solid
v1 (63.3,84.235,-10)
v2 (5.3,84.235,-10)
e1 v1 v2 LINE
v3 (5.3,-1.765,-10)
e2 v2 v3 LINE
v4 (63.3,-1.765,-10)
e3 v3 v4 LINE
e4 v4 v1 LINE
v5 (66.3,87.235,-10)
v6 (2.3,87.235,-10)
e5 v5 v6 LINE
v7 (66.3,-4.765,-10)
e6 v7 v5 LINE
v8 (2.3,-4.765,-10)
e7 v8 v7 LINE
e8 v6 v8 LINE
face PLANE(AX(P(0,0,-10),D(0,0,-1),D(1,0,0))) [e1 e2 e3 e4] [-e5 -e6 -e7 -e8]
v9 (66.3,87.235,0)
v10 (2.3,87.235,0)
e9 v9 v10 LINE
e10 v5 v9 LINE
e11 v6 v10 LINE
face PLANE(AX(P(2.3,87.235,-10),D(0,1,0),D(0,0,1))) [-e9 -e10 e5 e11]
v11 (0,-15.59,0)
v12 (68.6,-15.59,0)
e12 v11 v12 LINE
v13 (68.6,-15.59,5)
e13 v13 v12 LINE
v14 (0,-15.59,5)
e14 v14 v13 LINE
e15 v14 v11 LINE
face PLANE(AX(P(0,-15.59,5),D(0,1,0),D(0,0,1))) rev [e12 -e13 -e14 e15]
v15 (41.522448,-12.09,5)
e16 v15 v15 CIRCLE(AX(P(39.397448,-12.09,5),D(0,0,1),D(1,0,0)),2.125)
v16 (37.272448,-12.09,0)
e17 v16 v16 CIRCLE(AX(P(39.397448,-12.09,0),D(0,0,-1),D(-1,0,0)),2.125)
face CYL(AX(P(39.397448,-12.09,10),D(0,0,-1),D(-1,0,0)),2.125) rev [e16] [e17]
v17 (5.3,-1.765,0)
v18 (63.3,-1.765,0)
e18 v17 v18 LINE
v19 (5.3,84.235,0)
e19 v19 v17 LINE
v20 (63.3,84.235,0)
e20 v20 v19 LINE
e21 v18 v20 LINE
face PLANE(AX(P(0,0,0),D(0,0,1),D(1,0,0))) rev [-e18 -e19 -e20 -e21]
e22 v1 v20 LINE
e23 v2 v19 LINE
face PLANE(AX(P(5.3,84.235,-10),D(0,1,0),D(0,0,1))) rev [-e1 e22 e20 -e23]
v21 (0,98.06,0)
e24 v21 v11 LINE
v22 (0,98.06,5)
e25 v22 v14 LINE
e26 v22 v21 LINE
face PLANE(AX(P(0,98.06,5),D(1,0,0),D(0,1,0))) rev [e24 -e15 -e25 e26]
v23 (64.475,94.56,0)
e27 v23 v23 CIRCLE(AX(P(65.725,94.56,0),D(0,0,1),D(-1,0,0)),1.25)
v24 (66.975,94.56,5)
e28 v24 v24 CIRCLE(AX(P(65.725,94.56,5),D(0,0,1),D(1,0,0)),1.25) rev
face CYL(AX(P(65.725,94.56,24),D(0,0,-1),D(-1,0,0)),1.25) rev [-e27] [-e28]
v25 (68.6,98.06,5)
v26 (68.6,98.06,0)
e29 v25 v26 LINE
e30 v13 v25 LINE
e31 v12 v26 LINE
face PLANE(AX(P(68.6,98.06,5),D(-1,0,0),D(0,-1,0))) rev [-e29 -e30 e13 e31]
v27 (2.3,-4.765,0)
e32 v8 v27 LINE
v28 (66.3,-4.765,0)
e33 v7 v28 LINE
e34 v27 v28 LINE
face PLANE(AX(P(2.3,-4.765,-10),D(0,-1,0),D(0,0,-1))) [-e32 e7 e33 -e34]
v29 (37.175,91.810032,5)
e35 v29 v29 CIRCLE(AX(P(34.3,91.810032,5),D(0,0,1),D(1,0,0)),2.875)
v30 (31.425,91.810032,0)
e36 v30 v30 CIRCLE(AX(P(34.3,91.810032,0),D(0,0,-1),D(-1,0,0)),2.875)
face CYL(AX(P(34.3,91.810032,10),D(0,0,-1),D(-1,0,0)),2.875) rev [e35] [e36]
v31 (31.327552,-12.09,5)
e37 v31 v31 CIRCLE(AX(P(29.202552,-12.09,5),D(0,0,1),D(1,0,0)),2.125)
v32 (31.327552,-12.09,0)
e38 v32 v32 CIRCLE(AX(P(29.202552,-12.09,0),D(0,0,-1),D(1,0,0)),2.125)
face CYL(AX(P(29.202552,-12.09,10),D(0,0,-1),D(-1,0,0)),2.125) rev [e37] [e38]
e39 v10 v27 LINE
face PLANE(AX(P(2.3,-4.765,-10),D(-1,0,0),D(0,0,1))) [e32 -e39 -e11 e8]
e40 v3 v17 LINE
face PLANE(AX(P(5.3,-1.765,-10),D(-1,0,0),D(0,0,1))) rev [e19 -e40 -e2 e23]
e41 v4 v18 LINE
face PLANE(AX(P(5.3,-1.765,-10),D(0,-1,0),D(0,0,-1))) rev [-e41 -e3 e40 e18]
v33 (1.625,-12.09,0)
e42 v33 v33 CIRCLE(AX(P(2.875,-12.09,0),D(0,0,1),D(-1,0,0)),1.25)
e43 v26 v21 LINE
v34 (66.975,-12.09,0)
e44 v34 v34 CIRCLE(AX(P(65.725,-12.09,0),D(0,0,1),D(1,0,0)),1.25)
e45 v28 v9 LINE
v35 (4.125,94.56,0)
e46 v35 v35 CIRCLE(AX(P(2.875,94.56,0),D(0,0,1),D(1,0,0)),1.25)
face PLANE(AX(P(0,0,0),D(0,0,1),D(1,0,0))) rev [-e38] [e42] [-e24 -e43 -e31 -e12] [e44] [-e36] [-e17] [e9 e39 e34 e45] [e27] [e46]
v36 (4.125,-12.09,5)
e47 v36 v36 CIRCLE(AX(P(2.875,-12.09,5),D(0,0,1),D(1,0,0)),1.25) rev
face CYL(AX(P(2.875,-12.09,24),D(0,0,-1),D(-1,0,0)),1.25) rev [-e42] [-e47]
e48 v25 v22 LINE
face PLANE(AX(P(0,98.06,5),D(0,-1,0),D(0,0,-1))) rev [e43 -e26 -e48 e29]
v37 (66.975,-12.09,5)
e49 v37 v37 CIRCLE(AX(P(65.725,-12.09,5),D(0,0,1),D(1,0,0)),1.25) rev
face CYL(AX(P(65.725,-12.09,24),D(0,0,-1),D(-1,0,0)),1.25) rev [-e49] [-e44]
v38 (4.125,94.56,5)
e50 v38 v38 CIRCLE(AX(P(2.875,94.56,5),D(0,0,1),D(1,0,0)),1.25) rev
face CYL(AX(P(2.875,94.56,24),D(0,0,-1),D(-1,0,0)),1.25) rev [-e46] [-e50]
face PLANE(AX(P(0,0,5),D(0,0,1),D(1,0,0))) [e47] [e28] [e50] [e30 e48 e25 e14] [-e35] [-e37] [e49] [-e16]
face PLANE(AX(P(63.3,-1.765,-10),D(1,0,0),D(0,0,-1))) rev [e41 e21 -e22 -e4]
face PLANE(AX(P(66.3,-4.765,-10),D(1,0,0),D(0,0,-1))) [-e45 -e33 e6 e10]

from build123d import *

# Parameters (mm, degrees)
SKETCH1_W                        = 68.600000001
SKETCH1_H                        = 113.65
BRACKETBASE_DEPTH                = 5
ARDUINOMOUNTINGHOLES_DEPTH       = 22
ARDUINOMOUNTINGHOLES_DEPTH_BACK  = 120.777809299
ARDUINOMOUNTINGHOLESSKETCH_R     = 1.25
F_9VBATTERYMOUNTINGHOLESSKETCH_R = 1.25
F_9VBATTERYMOUNTINGHOLES_DEPTH   = 20
LEGBRACKETMOUNTINGHOLESSKETCH_R  = 2
LEGBRACKETMOUNTINGHOLES_DEPTH    = 13
BACKSIDEMOUNTINGHOLESSKETCH_R    = 1.25
BACKSIDEMOUNTINGHOLES_DEPTH      = 24
COVER_START                      = -5
SKETCH2_R                        = 1.25
SKETCH2_R_2                      = 2
COVER_DEPTH                      = 5
SKETCH3_W                        = 64
SKETCH3_H                        = 92
SKETCH3_W_2                      = 58
SKETCH3_H_2                      = 86
BREADBOARDCAVITY_DEPTH           = 10
SKETCH4_W                        = 64
SKETCH4_H                        = 10
CUT_EXTRUDE1_DEPTH               = 125.514820906
SKETCH5_R                        = 2.875
TOGGLESWITCHHOLE_DEPTH           = 10
SKETCH6_R                        = 2.125
CUT_EXTRUDE2_DEPTH               = 10


with BuildPart() as part:
    # Sketch1 → bracketBase (new body)
    with BuildSketch(Plane.XY):
        with Locations((34.3, 41.235000001)):
            Rectangle(SKETCH1_W, SKETCH1_H)
    extrude(amount=BRACKETBASE_DEPTH)

    # arduinoMountingHolesSketch → arduinoMountingHoles (cut, two sides: drawn at the far end of the back side and taken through both)
    with BuildSketch(Plane.XY.offset(-ARDUINOMOUNTINGHOLES_DEPTH_BACK)):
        with Locations((2.54, 2.280000001)):
            Circle(ARDUINOMOUNTINGHOLESSKETCH_R)
        with Locations((2.54, 30.450000001)):
            Circle(ARDUINOMOUNTINGHOLESSKETCH_R)
        with Locations((54.600000001, 35.270000001)):
            Circle(ARDUINOMOUNTINGHOLESSKETCH_R)
        with Locations((53.350000001, -13.049999999)):
            Circle(ARDUINOMOUNTINGHOLESSKETCH_R)
    extrude(amount=ARDUINOMOUNTINGHOLES_DEPTH + ARDUINOMOUNTINGHOLES_DEPTH_BACK, mode=Mode.SUBTRACT)

    # 9VbatteryMountingHolesSketch → 9VbatteryMountingHoles (cut)
    with BuildSketch(Plane.XY):
        with Locations((8.625000001, 86.060000001)):
            Circle(F_9VBATTERYMOUNTINGHOLESSKETCH_R)
        with Locations(Location((59.975000001, 86.060000001, 0), (0, 0, 180))):
            Circle(F_9VBATTERYMOUNTINGHOLESSKETCH_R)
        with Locations(Location((8.625000001, 42.810000001, 0), (0, 0, 180))):
            Circle(F_9VBATTERYMOUNTINGHOLESSKETCH_R)
        with Locations((59.975000001, 42.810000001)):
            Circle(F_9VBATTERYMOUNTINGHOLESSKETCH_R)
    extrude(amount=F_9VBATTERYMOUNTINGHOLES_DEPTH, mode=Mode.SUBTRACT)

    # legBracketMountingHolesSketch → legBracketMountingHoles (cut)
    with BuildSketch(Plane.XY):
        with Locations((29.202551646, 94.560000001)):
            Circle(LEGBRACKETMOUNTINGHOLESSKETCH_R)
        with Locations(Location((39.397448356, 94.560000001, 0), (0, 0, 180))):
            Circle(LEGBRACKETMOUNTINGHOLESSKETCH_R)
    extrude(amount=LEGBRACKETMOUNTINGHOLES_DEPTH, mode=Mode.SUBTRACT)

    # backsideMountingHolesSketch → backsideMountingHoles (cut)
    with BuildSketch(Plane.XY):
        with Locations((2.875000001, 94.560000001)):
            Circle(BACKSIDEMOUNTINGHOLESSKETCH_R)
        with Locations(Location((65.725000001, 94.560000001, 0), (0, 0, 180))):
            Circle(BACKSIDEMOUNTINGHOLESSKETCH_R)
        with Locations((65.725000001, -12.089999999)):
            Circle(BACKSIDEMOUNTINGHOLESSKETCH_R)
        with Locations(Location((2.875000001, -12.089999999, 0), (0, 0, 180))):
            Circle(BACKSIDEMOUNTINGHOLESSKETCH_R)
    extrude(amount=BACKSIDEMOUNTINGHOLES_DEPTH, mode=Mode.SUBTRACT)

    # Sketch2 → cover (add)
    with BuildSketch(Plane.XY.offset(5).offset(COVER_START)):
        with Locations((53.350000001, -13.049999999)):
            Circle(SKETCH2_R)
        with Locations((2.54, 2.280000001)):
            Circle(SKETCH2_R)
        with Locations((2.54, 30.450000001)):
            Circle(SKETCH2_R)
        with Locations((54.600000001, 35.270000001)):
            Circle(SKETCH2_R)
        with Locations((59.975000001, 42.810000001)):
            Circle(SKETCH2_R)
        with Locations((8.625000001, 42.810000001)):
            Circle(SKETCH2_R)
        with Locations((59.975000001, 86.060000001)):
            Circle(SKETCH2_R)
        with Locations((39.397448356, 94.560000001)):
            Circle(SKETCH2_R_2)
        with Locations((29.202551646, 94.560000001)):
            Circle(SKETCH2_R_2)
        with Locations((8.625000001, 86.060000001)):
            Circle(SKETCH2_R)
    extrude(amount=COVER_DEPTH)

    # Sketch3 → breadBoardCavity (add)
    with BuildSketch(Plane.XY.offset(5)):
        with Locations((34.300000001, 41.235000001)):
            Rectangle(SKETCH3_W, SKETCH3_H)
        with Locations((34.300000001, 41.235000001)):
            Rectangle(SKETCH3_W_2, SKETCH3_H_2, mode=Mode.SUBTRACT)
    breadboardcavity = extrude(amount=BREADBOARDCAVITY_DEPTH)

    # Mirror1: breadBoardCavity across plane
    add(breadboardcavity.mirror(Plane.XY.offset(2.5)))

    # Sketch4 → Cut-Extrude1 (cut, through all)
    with BuildSketch(Plane(origin=(0, 87.235000001, 0), x_dir=(1, 0, 0), z_dir=(0, 1, 0))):
        with Locations((34.300000001, -10)):
            Rectangle(SKETCH4_W, SKETCH4_H)
    extrude(amount=-CUT_EXTRUDE1_DEPTH, mode=Mode.SUBTRACT)

    # Sketch5 → toggleSwitchHole (cut)
    with BuildSketch(Plane(origin=(0, 0, 0), x_dir=(-1, 0, 0), z_dir=(0, 0, -1))):
        with Locations((-34.300000001, 91.810031891)):
            Circle(SKETCH5_R)
    extrude(amount=-TOGGLESWITCHHOLE_DEPTH, mode=Mode.SUBTRACT)

    # Sketch6 → Cut-Extrude2 (cut)
    with BuildSketch(Plane(origin=(0, 0, 0), x_dir=(-1, 0, 0), z_dir=(0, 0, -1))):
        with Locations((-39.397448351, -12.089999999)):
            Circle(SKETCH6_R)
        with Locations(Location((-29.202551651, -12.089999999, 0), (0, 0, 180))):
            Circle(SKETCH6_R)
    extrude(amount=-CUT_EXTRUDE2_DEPTH, mode=Mode.SUBTRACT)


solid = part.part
